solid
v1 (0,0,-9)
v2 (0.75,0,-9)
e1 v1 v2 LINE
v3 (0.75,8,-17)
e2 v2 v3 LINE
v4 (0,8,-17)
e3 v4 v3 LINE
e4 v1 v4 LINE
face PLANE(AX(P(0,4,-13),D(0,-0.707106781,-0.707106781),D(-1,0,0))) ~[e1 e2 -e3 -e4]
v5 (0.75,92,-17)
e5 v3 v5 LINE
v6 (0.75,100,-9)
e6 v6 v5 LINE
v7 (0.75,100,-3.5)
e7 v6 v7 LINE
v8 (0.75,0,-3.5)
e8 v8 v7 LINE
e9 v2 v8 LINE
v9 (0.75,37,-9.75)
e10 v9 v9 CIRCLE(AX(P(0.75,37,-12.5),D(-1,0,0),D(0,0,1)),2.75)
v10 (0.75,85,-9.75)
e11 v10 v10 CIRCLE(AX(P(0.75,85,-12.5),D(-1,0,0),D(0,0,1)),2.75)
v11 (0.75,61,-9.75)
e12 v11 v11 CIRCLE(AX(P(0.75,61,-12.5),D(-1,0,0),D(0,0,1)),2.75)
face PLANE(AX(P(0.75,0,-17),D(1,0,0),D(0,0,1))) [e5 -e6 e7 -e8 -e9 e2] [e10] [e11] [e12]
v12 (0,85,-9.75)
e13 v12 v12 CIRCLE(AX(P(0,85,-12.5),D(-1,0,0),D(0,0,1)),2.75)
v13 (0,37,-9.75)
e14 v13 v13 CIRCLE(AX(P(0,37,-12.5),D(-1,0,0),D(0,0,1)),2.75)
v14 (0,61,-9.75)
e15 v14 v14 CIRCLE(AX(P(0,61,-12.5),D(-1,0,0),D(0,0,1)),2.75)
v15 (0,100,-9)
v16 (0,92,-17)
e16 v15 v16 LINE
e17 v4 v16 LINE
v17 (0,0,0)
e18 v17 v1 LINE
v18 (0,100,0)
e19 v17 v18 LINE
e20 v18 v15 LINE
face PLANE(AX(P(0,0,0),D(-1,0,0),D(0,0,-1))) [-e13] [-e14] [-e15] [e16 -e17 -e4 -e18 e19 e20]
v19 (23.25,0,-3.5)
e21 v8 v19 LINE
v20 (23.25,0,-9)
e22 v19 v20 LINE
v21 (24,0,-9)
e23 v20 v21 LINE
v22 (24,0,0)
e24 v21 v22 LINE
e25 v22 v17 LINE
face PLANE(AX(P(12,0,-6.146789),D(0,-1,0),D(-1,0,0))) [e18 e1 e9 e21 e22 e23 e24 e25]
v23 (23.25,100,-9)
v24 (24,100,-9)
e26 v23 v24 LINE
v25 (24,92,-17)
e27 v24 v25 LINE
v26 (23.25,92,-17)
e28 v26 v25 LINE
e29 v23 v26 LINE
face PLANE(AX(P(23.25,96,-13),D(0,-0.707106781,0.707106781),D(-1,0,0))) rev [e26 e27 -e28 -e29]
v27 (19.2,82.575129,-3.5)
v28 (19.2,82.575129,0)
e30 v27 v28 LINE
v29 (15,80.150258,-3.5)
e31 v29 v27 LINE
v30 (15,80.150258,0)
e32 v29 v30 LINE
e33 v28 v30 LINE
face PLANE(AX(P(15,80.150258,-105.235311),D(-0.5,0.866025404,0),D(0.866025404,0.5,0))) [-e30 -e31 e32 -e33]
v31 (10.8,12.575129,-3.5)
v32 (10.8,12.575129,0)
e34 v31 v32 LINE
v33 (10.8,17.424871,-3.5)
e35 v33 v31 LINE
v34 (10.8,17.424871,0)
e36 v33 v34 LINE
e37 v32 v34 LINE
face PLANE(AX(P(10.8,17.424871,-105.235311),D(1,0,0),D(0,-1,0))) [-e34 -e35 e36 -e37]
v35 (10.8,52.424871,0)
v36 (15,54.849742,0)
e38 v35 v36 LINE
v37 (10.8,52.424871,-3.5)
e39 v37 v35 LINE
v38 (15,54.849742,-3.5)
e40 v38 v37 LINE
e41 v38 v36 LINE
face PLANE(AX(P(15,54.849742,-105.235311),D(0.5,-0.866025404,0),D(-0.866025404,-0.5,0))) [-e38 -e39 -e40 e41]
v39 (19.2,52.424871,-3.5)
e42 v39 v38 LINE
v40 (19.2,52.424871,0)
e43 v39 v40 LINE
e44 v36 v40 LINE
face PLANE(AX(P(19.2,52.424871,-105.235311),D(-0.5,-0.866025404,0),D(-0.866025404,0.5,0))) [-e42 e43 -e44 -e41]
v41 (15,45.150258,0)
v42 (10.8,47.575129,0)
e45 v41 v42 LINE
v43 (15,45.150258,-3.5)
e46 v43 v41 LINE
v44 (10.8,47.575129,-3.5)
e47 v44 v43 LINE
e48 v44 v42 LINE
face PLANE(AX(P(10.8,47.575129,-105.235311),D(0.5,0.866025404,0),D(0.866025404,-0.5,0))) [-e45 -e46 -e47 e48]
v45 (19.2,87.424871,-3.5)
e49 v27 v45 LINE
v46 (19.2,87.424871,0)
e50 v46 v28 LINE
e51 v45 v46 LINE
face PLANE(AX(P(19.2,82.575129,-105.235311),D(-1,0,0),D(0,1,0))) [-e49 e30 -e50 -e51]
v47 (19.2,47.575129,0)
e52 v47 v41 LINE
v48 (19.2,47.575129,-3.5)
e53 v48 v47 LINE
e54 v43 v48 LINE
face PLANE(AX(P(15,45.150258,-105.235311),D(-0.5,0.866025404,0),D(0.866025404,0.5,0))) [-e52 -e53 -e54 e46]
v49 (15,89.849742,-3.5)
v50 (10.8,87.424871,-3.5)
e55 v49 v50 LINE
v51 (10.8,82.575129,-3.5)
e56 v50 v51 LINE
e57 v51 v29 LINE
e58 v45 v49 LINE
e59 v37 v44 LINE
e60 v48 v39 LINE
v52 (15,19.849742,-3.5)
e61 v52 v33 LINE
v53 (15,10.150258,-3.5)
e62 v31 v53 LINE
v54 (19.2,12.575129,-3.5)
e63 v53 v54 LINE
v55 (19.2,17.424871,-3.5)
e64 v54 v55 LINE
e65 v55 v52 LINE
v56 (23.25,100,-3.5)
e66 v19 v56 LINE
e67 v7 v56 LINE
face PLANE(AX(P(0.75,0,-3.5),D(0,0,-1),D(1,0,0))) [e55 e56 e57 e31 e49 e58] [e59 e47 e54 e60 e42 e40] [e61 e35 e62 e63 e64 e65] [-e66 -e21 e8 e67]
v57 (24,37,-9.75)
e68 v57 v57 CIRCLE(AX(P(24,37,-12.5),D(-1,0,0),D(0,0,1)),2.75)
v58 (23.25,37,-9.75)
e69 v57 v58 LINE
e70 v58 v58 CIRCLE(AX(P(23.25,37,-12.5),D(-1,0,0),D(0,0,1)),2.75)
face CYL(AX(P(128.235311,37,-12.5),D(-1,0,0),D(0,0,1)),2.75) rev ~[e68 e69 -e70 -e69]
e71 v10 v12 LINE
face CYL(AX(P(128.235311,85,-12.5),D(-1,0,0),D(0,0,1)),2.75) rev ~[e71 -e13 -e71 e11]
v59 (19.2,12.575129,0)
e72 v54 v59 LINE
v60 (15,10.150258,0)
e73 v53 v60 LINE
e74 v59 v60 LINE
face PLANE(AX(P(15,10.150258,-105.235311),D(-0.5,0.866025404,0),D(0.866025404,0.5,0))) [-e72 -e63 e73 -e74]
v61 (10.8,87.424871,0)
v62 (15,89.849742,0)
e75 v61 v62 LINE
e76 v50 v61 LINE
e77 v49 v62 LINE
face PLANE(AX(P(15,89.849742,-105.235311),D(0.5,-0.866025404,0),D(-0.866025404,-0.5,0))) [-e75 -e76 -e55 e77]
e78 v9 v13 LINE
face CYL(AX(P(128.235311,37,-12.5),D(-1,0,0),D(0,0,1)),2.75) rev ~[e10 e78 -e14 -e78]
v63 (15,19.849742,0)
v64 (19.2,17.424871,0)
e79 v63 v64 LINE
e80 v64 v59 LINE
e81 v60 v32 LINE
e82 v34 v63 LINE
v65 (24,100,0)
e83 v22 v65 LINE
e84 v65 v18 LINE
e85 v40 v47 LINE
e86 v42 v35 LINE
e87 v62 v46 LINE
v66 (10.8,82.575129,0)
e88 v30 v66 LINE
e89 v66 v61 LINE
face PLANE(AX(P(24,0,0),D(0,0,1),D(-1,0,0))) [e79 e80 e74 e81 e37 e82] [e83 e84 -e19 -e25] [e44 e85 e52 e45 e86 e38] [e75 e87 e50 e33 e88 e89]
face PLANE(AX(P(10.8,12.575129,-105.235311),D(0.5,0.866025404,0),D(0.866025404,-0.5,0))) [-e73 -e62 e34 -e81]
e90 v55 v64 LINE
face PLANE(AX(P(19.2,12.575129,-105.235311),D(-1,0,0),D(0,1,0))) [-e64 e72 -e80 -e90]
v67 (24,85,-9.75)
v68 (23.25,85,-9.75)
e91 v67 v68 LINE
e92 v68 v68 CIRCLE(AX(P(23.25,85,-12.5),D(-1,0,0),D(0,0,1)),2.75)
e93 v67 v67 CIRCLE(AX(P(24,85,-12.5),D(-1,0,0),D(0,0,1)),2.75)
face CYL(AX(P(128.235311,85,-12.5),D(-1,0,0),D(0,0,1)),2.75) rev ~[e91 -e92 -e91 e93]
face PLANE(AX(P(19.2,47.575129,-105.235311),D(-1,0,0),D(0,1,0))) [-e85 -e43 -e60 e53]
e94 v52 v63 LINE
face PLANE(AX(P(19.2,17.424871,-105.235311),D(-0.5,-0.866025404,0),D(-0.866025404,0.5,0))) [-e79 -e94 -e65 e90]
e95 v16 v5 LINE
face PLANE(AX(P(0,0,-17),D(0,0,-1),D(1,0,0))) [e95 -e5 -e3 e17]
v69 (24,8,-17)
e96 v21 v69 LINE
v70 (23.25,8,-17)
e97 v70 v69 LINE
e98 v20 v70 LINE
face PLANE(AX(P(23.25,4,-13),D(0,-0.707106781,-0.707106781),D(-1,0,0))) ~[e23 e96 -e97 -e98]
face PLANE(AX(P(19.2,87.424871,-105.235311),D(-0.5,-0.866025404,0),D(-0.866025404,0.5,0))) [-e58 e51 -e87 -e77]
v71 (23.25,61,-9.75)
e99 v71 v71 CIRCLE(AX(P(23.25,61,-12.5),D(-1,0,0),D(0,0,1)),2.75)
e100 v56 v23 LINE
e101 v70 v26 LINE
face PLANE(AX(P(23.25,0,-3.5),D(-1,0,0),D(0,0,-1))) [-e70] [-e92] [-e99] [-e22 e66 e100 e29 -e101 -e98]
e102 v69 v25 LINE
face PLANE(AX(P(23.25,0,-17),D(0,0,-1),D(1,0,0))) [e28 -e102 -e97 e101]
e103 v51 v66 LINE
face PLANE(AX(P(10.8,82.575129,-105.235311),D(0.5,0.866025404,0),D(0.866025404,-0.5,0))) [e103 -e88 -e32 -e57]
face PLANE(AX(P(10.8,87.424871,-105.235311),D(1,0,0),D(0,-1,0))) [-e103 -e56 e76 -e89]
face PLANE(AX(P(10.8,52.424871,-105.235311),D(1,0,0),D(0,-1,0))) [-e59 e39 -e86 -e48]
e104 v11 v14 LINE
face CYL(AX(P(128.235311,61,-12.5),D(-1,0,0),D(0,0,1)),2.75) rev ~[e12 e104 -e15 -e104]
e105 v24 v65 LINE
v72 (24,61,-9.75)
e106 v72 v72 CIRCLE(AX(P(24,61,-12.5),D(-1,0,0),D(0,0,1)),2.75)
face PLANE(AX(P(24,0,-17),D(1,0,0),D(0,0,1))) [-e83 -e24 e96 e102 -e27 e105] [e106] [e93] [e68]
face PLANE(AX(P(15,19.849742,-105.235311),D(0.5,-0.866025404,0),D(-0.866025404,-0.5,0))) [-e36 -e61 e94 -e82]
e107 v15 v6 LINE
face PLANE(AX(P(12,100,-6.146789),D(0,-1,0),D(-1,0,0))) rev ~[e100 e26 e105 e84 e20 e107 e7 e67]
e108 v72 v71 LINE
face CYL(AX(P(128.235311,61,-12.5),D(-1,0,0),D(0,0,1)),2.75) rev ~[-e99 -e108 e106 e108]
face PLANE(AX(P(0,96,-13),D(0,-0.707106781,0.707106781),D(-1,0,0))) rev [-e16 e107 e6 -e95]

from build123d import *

# Parameters (mm, degrees)
BOSS_EXTRUDE1_DEPTH     = 100
CUT_EXTRUDE1_DEPTH      = 105.235310716
CUT_EXTRUDE1_DEPTH_BACK = 105.235310716
M5_CLEARANCE_HOLE1_D    = 5.5
CHAMFER1_SIZE           = 8


with BuildPart() as part:
    # Sketch1 → Boss-Extrude1 (new body)
    with BuildSketch(Plane(origin=(0, 0, 0), x_dir=(1, 0, 0), z_dir=(0, 1, 0))):
        Polygon((0, 0), (0, 17), (0.75, 17), (0.75, 3.5), (23.25, 3.5), (23.25, 17), (24, 17), (24, 0), align=None)
    extrude(amount=BOSS_EXTRUDE1_DEPTH)

    # Sketch2 → Cut-Extrude1 (cut, two sides: drawn at the far end of the back side and taken through both)
    with BuildSketch(Plane.XY.offset(-CUT_EXTRUDE1_DEPTH_BACK)):
        Polygon((10.8, 52.424871131), (10.8, 47.575128869), (15, 45.150257739), (19.2, 47.575128869), (19.2, 52.424871131), (15, 54.849742261), align=None)
        Polygon((19.2, 12.575128869), (19.2, 17.424871131), (15, 19.849742261), (10.8, 17.424871131), (10.8, 12.575128869), (15, 10.150257739), align=None)
        Polygon((10.8, 87.424871131), (10.8, 82.575128869), (15, 80.150257739), (19.2, 82.575128869), (19.2, 87.424871131), (15, 89.849742261), align=None)
    extrude(amount=CUT_EXTRUDE1_DEPTH + CUT_EXTRUDE1_DEPTH_BACK, mode=Mode.SUBTRACT)

    # M5 Clearance Hole1 (through all)
    with Locations(Plane(origin=(24, 0, 0), x_dir=(0, 0, -1), z_dir=(1, 0, 0))):
        with Locations((12.5, 85), (12.5, 37), (12.5, 61)):
            Hole(M5_CLEARANCE_HOLE1_D / 2)

    # Chamfer1
    chamfer1_edges = [part.edges().sort_by_distance(p)[0] for p in [
        (23.625, 0, -17),
        (23.625, 100, -17),
        (0.375, 100, -17),
        (0.375, 0, -17),
    ]]
    chamfer(chamfer1_edges, length=CHAMFER1_SIZE)


solid = part.part
